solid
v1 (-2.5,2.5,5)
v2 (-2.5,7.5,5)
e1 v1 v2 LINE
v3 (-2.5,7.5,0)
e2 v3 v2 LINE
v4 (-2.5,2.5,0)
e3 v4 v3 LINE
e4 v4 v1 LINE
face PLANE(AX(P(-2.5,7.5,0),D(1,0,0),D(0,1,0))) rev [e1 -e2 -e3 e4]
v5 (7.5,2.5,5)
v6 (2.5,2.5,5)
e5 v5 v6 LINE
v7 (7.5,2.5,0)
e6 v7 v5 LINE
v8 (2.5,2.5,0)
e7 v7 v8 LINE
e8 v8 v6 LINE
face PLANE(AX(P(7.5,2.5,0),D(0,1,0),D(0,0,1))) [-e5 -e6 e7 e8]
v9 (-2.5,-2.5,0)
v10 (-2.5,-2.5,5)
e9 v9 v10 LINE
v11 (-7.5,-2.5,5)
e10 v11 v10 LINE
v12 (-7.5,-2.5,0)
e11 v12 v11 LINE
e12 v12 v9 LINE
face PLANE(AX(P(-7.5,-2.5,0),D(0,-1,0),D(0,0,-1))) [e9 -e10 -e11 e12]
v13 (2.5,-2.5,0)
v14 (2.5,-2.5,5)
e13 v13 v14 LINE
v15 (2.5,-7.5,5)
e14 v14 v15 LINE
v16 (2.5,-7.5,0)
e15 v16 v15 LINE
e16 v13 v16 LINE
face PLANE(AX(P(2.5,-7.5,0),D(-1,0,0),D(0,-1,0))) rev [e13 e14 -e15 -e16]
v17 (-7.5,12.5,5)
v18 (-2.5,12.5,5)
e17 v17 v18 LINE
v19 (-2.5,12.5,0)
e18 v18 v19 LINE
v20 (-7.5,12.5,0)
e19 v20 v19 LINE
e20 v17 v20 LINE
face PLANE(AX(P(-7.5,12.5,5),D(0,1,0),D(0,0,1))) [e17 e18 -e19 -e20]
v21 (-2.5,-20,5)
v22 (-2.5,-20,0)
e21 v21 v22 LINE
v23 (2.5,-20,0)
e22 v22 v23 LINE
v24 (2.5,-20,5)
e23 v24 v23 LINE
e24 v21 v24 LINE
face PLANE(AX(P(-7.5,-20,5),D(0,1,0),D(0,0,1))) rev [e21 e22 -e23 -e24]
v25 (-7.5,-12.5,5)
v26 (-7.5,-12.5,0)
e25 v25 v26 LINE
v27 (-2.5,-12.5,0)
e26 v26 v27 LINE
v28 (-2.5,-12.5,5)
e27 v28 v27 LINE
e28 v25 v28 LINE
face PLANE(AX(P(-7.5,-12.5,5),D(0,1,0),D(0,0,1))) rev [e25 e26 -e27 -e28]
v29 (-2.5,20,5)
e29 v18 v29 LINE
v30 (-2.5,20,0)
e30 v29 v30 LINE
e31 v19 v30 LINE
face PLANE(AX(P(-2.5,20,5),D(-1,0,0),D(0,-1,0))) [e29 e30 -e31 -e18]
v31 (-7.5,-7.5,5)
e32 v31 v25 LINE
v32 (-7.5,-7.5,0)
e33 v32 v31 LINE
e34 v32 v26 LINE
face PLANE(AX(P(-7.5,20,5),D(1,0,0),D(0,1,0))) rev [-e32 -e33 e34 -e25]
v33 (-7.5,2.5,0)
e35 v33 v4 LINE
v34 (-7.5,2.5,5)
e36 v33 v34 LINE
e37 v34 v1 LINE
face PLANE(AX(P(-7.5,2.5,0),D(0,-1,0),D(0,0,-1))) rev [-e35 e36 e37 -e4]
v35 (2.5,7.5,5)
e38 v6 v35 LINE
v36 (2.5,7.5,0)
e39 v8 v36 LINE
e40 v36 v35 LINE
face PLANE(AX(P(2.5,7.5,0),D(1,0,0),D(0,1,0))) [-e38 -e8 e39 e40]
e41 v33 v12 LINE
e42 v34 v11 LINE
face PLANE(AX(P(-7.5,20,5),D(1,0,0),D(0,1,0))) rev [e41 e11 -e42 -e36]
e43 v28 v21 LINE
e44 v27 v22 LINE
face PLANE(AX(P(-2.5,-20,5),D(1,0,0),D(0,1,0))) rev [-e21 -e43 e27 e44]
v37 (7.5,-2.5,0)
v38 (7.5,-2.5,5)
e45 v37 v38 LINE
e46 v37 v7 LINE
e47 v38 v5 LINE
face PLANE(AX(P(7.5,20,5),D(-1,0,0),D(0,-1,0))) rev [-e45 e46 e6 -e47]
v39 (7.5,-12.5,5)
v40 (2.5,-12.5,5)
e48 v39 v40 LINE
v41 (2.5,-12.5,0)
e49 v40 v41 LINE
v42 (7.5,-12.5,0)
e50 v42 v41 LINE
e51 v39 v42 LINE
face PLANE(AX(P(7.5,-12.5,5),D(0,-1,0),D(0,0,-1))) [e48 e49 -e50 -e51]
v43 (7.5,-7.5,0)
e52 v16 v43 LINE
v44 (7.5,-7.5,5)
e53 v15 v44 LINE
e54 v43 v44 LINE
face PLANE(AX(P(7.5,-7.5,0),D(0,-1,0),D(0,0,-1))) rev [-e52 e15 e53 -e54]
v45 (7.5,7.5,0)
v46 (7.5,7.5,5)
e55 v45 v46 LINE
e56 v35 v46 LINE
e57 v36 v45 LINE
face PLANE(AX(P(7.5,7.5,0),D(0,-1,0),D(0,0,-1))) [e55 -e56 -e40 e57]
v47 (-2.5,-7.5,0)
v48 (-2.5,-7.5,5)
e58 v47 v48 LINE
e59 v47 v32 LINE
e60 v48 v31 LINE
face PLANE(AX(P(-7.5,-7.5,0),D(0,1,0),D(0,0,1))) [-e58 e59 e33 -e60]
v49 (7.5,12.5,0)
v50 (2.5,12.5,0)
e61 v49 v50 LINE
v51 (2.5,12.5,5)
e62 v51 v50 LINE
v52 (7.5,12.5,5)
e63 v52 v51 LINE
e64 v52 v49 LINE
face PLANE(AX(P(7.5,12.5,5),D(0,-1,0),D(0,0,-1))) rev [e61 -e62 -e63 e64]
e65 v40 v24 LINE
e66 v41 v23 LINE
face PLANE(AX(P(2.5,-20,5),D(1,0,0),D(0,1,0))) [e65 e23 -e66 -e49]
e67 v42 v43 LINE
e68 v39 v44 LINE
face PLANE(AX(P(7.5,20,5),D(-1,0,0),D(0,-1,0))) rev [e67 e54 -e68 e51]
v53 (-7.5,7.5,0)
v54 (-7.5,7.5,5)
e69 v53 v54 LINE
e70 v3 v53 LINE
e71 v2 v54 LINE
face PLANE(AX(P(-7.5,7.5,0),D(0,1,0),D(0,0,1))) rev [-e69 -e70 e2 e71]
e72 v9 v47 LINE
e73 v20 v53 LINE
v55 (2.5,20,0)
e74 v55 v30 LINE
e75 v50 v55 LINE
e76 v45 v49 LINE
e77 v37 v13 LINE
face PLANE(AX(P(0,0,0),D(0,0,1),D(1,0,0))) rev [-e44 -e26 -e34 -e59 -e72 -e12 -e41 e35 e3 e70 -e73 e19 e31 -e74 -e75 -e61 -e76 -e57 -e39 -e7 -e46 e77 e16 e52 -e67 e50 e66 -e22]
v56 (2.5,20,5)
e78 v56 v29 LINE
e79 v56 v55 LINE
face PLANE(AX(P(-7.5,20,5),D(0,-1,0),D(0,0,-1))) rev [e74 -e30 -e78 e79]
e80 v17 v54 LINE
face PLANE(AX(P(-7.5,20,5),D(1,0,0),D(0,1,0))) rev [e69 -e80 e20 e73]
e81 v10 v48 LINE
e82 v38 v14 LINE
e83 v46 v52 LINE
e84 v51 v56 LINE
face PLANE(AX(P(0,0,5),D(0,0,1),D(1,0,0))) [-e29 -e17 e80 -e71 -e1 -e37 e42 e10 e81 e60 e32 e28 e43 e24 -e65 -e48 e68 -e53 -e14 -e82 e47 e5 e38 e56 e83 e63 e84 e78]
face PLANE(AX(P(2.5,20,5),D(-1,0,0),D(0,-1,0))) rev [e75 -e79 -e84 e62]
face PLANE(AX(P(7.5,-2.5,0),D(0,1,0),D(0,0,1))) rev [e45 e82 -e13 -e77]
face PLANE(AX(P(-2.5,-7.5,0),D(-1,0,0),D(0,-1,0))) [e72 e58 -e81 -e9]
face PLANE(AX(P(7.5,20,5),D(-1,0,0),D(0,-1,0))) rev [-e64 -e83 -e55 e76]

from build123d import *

# Parameters (mm, degrees)
ESQUISSE6_W               = 15
ESQUISSE6_H               = 40
BOSS_EXTRU_3_DEPTH        = 5
ESQUISSE7_W               = 5
ESQUISSE7_H               = 7.5
ENL_V_MAT_EXTRU_4_DEPTH   = 5
SYM_TRIE4_COPY_1_SKETCH_W = 5
SYM_TRIE4_COPY_1_SKETCH_H = 7.5
SYM_TRIE4_COPY_1_DEPTH    = 5
ESQUISSE9_W               = 5
ESQUISSE9_H               = 5
ENL_V_MAT_EXTRU_6_DEPTH   = 5
SYM_TRIE6_COPY_1_SKETCH_W = 5
SYM_TRIE6_COPY_1_SKETCH_H = 5
SYM_TRIE6_COPY_1_DEPTH    = 5


with BuildPart() as part:
    # Esquisse6 → Boss.-Extru.3 (new body)
    with BuildSketch(Plane.XY):
        Rectangle(ESQUISSE6_W, ESQUISSE6_H)
    extrude(amount=BOSS_EXTRU_3_DEPTH)

    # Esquisse7 → Enlèv. mat.-Extru.4 (cut)
    with BuildSketch(Plane.XY):
        with Locations((-5, 16.25)):
            Rectangle(ESQUISSE7_W, ESQUISSE7_H)
    enl_v_mat_extru_4 = extrude(amount=ENL_V_MAT_EXTRU_4_DEPTH, mode=Mode.SUBTRACT)

    # Symétrie3: Enlèv. mat.-Extru.4 across plane
    add(enl_v_mat_extru_4.mirror(Plane.ZX), mode=Mode.SUBTRACT)

    # Symétrie4: Enlèv. mat.-Extru.4 across plane
    add(enl_v_mat_extru_4.mirror(Plane(origin=(0, 0, 0), x_dir=(0, 0, 1), z_dir=(1, 0, 0))), mode=Mode.SUBTRACT)

    # Symétrie4 copy 1 sketch → Symétrie4 copy 1 (cut)
    with BuildSketch(Plane(origin=(0, 0, 0), x_dir=(-1, 0, 0), z_dir=(0, 0, 1))):
        with Locations((-5, 16.25)):
            Rectangle(SYM_TRIE4_COPY_1_SKETCH_W, SYM_TRIE4_COPY_1_SKETCH_H)
    extrude(amount=SYM_TRIE4_COPY_1_DEPTH, mode=Mode.SUBTRACT)

    # Esquisse9 → Enlèv. mat.-Extru.6 (cut)
    with BuildSketch(Plane.XY.offset(5)):
        with Locations((-5, 5)):
            Rectangle(ESQUISSE9_W, ESQUISSE9_H)
    enl_v_mat_extru_6 = extrude(amount=-ENL_V_MAT_EXTRU_6_DEPTH, mode=Mode.SUBTRACT)

    # Symétrie5: Enlèv. mat.-Extru.6 across plane
    add(enl_v_mat_extru_6.mirror(Plane.ZX), mode=Mode.SUBTRACT)

    # Symétrie6: Enlèv. mat.-Extru.6 across plane
    add(enl_v_mat_extru_6.mirror(Plane(origin=(0, 0, 0), x_dir=(0, 0, 1), z_dir=(1, 0, 0))), mode=Mode.SUBTRACT)

    # Symétrie6 copy 1 sketch → Symétrie6 copy 1 (cut)
    with BuildSketch(Plane(origin=(0, 0, 5), x_dir=(-1, 0, 0), z_dir=(0, 0, 1))):
        with Locations((-5, 5)):
            Rectangle(SYM_TRIE6_COPY_1_SKETCH_W, SYM_TRIE6_COPY_1_SKETCH_H)
    extrude(amount=-SYM_TRIE6_COPY_1_DEPTH, mode=Mode.SUBTRACT)


solid = part.part
